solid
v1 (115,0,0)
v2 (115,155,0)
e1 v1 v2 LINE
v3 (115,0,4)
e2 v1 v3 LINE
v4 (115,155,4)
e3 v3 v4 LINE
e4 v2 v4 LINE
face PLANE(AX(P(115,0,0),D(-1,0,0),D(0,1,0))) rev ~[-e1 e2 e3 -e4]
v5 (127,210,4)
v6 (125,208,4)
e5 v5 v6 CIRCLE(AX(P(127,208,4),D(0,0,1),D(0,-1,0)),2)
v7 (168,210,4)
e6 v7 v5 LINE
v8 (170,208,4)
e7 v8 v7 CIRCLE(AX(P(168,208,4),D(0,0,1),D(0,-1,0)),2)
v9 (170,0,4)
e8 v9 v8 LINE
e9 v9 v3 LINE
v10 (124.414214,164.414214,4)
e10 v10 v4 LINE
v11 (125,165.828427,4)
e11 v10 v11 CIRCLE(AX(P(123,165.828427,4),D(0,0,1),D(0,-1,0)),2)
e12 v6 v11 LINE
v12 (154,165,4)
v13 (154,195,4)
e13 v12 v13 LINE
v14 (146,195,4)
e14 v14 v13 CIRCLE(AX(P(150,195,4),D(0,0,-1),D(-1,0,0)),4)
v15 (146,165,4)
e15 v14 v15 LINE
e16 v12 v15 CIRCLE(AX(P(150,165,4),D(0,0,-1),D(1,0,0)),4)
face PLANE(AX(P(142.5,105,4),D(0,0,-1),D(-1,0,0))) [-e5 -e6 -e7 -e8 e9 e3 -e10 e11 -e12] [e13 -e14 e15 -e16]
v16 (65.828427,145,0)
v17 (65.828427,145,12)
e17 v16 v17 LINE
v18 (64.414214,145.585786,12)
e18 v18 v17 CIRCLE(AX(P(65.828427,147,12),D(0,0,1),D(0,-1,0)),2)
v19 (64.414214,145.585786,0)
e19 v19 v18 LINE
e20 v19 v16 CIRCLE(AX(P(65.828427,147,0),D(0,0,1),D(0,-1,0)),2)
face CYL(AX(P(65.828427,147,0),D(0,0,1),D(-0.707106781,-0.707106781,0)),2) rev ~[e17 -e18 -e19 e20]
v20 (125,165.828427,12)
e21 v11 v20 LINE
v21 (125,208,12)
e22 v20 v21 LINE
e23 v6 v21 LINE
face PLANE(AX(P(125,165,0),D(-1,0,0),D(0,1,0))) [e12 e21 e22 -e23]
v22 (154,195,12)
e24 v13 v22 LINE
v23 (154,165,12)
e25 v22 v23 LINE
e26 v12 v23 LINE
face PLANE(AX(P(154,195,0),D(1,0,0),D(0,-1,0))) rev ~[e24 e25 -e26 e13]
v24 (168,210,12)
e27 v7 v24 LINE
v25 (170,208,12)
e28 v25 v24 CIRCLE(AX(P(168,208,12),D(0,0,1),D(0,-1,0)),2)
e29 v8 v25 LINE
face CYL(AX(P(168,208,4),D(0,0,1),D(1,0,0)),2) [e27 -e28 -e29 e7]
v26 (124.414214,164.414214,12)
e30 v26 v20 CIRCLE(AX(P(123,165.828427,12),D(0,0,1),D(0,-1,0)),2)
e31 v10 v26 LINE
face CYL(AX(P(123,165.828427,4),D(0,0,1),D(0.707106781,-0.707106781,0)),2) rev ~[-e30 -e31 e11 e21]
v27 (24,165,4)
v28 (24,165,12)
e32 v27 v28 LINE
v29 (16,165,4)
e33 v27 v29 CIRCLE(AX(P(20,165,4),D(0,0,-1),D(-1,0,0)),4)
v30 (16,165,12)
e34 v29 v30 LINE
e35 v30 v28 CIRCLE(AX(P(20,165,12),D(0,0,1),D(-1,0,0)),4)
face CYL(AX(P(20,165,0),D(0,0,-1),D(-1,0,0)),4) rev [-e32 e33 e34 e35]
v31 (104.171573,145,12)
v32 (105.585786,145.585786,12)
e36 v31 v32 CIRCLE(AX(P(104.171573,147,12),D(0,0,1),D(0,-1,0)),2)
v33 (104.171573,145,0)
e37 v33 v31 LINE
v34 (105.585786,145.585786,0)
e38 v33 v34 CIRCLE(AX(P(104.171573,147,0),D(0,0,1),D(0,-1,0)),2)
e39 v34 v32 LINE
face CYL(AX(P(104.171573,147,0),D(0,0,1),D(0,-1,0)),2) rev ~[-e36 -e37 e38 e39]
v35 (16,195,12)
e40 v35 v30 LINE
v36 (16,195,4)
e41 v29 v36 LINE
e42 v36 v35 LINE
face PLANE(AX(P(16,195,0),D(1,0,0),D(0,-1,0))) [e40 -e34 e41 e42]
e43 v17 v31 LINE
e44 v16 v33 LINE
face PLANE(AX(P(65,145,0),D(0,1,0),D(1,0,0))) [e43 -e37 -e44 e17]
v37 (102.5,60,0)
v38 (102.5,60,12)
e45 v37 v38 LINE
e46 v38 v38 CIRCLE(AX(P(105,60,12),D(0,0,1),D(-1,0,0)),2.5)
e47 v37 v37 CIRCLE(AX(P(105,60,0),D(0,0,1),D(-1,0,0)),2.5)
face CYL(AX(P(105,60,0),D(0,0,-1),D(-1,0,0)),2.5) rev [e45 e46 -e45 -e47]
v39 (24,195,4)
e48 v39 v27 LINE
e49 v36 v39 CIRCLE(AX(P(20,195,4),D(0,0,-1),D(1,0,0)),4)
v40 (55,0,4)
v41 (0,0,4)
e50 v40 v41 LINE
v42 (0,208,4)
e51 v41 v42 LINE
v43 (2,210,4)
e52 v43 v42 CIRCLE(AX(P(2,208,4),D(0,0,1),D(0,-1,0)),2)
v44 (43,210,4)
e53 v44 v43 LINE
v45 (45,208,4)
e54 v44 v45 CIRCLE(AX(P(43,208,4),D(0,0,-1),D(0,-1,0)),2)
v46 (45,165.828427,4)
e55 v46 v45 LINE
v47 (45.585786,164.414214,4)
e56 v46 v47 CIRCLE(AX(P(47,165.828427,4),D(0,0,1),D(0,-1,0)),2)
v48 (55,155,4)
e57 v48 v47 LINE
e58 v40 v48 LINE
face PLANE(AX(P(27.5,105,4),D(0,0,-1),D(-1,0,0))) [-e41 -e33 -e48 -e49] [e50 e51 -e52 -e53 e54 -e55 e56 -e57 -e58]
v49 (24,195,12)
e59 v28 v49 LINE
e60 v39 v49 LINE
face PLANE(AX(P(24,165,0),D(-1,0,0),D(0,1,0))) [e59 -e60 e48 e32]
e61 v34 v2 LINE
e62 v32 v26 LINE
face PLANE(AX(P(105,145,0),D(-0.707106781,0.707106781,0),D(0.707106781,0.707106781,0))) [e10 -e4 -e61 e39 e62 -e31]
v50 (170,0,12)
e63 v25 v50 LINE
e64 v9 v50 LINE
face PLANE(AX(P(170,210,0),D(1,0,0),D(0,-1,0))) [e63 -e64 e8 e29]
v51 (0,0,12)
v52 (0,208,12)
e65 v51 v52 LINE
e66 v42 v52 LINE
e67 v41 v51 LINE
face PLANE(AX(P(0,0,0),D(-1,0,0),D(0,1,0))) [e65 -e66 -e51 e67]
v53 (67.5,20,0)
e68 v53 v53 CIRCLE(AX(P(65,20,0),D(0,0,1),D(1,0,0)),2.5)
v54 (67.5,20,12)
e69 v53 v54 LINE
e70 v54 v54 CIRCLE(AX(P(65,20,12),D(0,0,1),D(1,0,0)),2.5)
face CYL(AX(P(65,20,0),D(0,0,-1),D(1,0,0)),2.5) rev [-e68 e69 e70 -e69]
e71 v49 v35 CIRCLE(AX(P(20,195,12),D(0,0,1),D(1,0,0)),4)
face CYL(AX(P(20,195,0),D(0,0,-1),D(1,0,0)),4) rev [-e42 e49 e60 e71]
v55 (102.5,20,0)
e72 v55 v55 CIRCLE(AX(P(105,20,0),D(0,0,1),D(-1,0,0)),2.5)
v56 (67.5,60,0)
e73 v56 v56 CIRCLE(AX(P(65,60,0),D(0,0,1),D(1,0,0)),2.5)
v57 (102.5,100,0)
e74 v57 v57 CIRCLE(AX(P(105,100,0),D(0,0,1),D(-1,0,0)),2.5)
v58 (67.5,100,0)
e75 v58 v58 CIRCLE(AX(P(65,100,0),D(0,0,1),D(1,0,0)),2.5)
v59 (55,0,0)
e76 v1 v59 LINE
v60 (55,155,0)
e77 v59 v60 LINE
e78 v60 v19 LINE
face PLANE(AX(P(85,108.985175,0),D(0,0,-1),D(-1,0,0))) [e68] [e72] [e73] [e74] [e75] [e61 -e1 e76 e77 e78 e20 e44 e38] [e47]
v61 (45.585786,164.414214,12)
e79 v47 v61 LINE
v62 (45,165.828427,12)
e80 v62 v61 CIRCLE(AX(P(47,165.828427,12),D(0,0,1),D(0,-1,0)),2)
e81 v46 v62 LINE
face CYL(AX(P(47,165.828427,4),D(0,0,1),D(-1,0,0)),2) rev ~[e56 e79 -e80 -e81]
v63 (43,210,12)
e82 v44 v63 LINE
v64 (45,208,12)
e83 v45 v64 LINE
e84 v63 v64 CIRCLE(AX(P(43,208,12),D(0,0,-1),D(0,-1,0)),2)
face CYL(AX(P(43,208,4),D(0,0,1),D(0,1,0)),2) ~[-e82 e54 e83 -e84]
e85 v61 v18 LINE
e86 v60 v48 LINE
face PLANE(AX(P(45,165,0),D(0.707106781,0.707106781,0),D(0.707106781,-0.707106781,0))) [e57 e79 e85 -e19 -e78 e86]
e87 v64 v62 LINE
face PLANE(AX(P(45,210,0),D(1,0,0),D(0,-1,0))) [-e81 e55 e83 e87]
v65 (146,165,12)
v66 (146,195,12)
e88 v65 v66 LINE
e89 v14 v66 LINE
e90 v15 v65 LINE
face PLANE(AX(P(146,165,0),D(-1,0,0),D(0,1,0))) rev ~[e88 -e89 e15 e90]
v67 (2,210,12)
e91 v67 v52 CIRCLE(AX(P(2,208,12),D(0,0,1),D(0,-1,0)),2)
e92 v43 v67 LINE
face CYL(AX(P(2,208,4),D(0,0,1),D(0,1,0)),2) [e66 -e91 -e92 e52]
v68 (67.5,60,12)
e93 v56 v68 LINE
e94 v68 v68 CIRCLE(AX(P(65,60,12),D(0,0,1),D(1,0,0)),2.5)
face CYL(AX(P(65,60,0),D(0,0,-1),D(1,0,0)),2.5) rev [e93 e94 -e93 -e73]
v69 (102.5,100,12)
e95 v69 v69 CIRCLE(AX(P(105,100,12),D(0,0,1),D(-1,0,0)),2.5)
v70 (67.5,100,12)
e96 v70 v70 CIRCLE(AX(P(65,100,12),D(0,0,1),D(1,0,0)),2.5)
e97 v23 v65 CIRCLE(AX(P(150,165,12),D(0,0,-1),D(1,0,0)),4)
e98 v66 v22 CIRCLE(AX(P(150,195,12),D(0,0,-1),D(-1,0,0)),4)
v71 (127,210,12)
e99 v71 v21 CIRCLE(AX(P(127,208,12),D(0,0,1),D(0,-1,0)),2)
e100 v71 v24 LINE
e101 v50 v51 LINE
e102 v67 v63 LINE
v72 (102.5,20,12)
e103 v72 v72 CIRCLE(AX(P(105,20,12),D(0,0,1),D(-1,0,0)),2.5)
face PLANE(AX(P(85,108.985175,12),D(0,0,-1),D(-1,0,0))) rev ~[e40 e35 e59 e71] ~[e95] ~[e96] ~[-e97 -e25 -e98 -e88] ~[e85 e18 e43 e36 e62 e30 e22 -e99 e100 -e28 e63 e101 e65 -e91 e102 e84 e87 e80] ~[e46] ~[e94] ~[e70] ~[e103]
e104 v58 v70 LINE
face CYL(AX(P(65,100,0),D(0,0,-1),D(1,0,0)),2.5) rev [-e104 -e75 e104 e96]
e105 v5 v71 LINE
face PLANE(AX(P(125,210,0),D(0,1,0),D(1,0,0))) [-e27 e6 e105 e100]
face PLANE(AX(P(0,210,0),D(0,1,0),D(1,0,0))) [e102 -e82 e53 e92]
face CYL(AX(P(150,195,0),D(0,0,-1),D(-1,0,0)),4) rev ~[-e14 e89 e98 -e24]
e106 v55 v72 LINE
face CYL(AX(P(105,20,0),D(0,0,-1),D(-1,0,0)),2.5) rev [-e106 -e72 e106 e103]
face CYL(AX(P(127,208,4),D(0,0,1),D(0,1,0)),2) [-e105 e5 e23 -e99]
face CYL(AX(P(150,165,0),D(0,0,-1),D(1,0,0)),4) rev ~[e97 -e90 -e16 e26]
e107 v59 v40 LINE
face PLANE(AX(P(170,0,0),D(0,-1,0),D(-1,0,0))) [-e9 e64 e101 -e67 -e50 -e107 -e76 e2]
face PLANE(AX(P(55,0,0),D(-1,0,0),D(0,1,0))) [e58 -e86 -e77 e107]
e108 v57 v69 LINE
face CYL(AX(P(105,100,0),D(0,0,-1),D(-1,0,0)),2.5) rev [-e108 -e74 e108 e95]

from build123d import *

# Parameters (mm, degrees)
SKETCH1_R           = 2.5
BOSS_EXTRUDE1_DEPTH = 12
SKETCH3_W           = 55
SKETCH3_H           = 210
CUT_EXTRUDE1_DEPTH  = 4
FILLET1_R           = 2


with BuildPart() as part:
    # Sketch1 → Boss-Extrude1 (new body)
    with BuildSketch(Plane.XY):
        Polygon((0, 210), (45, 210), (45, 165), (65, 145), (105, 145), (125, 165), (125, 210), (170, 210), (170, 0), (0, 0), align=None)
        with Locations((65, 20)):
            Circle(SKETCH1_R, mode=Mode.SUBTRACT)
        with Locations((65, 60)):
            Circle(SKETCH1_R, mode=Mode.SUBTRACT)
        with Locations((65, 100)):
            Circle(SKETCH1_R, mode=Mode.SUBTRACT)
        with Locations(Location((105, 100, 0), (0, 0, 180))):
            Circle(SKETCH1_R, mode=Mode.SUBTRACT)
        with Locations(Location((105, 60, 0), (0, 0, 180))):
            Circle(SKETCH1_R, mode=Mode.SUBTRACT)
        with Locations(Location((105, 20, 0), (0, 0, 180))):
            Circle(SKETCH1_R, mode=Mode.SUBTRACT)
        with BuildLine():
            Line((154, 195), (154, 165))
            ThreePointArc((154, 165), (150, 161), (146, 165))
            Line((146, 165), (146, 195))
            ThreePointArc((146, 195), (150, 199), (154, 195))
        make_face(mode=Mode.SUBTRACT)
        with BuildLine():
            Line((16, 195), (16, 165))
            ThreePointArc((16, 165), (20, 161), (24, 165))
            Line((24, 165), (24, 195))
            ThreePointArc((24, 195), (20, 199), (16, 195))
        make_face(mode=Mode.SUBTRACT)
    extrude(amount=BOSS_EXTRUDE1_DEPTH)

    # Sketch3 → Cut-Extrude1 (cut)
    with BuildSketch(Plane(origin=(0, 0, 0), x_dir=(-1, 0, 0), z_dir=(0, 0, -1))):
        with Locations((-27.5, 105)):
            Rectangle(SKETCH3_W, SKETCH3_H)
        with Locations((-142.5, 105)):
            Rectangle(SKETCH3_W, SKETCH3_H)
    extrude(amount=-CUT_EXTRUDE1_DEPTH, mode=Mode.SUBTRACT)

    # Fillet1
    fillet1_edges = [part.edges().sort_by_distance(p)[0] for p in [
        (0, 210, 8),
        (45, 210, 8),
        (45, 165, 8),
        (65, 145, 6),
        (105, 145, 6),
        (125, 165, 8),
        (125, 210, 8),
        (170, 210, 8),
    ]]
    fillet(fillet1_edges, radius=FILLET1_R)


solid = part.part
